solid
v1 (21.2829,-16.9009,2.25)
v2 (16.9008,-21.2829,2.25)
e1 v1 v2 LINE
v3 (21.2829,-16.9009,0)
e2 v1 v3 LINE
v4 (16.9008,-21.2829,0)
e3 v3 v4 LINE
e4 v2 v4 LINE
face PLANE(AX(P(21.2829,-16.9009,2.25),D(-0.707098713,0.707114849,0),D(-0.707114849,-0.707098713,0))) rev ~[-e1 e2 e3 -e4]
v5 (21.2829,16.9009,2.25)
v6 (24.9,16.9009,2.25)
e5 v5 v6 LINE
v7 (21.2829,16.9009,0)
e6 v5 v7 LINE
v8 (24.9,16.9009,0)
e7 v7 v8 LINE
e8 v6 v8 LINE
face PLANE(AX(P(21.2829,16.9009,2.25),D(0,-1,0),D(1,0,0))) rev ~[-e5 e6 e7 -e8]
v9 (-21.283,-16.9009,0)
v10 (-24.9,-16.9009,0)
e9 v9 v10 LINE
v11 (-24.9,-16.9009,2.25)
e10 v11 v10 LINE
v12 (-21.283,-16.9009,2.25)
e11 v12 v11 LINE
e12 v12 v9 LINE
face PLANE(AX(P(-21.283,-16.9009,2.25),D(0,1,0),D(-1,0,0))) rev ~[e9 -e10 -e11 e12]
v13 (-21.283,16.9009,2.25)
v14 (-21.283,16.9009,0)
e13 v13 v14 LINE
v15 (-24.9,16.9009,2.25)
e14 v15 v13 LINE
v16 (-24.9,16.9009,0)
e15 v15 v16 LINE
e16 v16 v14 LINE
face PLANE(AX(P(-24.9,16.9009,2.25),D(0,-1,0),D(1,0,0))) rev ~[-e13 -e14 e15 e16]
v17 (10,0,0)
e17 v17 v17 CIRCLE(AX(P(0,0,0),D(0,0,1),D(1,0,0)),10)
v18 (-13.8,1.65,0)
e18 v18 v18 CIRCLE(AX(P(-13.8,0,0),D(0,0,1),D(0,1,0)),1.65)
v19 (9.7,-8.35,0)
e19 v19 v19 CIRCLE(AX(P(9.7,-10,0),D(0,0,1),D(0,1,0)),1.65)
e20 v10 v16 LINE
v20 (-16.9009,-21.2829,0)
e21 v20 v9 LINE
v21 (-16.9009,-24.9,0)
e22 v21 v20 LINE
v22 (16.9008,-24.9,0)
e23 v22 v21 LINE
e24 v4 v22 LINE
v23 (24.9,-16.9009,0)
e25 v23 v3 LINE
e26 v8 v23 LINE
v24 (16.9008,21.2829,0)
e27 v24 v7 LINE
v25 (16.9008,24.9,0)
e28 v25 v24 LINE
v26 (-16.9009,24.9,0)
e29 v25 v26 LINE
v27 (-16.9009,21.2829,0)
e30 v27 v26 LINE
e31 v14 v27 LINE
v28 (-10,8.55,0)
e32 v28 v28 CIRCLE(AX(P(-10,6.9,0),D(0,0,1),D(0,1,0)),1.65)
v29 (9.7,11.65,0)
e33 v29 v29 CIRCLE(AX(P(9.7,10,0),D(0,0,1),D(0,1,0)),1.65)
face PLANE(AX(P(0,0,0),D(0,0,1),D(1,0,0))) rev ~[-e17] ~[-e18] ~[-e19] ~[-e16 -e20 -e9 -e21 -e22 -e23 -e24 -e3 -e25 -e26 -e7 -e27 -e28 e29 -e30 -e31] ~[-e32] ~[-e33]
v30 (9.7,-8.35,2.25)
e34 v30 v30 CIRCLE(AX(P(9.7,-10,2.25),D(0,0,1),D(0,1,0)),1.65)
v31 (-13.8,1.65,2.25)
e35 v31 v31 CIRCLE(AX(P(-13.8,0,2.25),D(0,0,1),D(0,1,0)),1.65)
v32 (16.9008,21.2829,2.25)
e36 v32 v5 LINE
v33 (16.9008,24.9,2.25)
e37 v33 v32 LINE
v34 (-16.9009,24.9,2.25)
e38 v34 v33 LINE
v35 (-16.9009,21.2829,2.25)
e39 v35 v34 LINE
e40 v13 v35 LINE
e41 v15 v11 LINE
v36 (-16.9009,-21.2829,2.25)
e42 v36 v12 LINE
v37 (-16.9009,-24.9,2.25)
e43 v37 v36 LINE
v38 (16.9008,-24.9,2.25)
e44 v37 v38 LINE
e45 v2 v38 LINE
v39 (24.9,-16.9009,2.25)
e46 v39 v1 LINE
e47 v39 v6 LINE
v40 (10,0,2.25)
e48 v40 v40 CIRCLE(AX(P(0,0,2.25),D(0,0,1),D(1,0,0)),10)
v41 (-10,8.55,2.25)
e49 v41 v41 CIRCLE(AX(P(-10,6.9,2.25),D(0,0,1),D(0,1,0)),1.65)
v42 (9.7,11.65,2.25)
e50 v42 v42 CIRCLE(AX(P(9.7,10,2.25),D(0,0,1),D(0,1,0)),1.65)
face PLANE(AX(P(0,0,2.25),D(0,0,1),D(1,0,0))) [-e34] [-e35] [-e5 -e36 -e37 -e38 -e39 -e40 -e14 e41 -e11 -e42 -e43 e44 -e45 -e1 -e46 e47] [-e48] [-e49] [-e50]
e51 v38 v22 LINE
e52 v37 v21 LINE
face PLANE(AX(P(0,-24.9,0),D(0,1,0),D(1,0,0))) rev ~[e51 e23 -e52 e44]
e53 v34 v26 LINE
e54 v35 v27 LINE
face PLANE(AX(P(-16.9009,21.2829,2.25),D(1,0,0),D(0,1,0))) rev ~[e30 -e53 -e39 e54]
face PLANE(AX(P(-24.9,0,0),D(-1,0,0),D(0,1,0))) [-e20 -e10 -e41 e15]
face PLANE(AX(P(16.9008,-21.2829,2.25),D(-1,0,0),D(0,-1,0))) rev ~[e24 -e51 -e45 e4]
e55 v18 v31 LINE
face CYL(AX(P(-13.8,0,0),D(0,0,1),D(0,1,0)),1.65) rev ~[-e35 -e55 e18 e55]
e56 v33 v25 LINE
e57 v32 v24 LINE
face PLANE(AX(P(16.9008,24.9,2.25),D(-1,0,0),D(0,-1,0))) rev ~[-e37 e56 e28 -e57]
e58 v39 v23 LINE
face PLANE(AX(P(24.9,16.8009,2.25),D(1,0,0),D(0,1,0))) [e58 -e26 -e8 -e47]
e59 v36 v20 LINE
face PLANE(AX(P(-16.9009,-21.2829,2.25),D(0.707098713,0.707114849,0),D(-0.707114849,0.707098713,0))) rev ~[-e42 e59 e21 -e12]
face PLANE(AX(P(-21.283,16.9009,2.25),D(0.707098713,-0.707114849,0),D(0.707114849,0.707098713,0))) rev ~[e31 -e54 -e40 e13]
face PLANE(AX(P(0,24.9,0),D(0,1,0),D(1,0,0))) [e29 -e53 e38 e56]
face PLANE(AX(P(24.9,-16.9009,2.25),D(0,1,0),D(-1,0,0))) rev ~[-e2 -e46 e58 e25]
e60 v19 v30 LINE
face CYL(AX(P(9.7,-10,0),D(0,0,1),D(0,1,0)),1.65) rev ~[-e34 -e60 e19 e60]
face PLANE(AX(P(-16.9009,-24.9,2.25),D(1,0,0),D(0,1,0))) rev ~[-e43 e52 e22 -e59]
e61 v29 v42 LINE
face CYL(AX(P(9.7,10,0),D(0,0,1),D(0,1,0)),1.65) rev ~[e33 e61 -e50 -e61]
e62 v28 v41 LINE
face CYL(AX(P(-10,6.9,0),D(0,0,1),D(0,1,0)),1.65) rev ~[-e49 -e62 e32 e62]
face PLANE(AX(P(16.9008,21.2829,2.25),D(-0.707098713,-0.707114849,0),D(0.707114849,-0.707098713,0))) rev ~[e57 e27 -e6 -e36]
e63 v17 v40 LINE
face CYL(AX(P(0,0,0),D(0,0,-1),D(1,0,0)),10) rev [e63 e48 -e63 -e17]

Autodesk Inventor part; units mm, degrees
ref_plane "YZ Plane" through (0, 0, 0) normal (1, 0, 0) x (0, 1, 0)
ref_plane "Work Plane1" through (-29.1, -14.5, 2.4) normal (0, 0, -1) x (0, 1, 0)
ref_plane "Work Plane2" through (-13.8999, -10.5497, 2.25) normal (0, 0, -1) x (0, 1, 0)
sketch "Sketch1" plane through (0, 0, 0) normal (0, 0, 1) x (1, 0, 0)
  line L0 (-34.86, 0) -> (34.86, 0) construction
  line L1 (0, -34.86) -> (0, 34.86) construction
  line L2 (0, 0) -> (11.1575, 11.1575) construction
  line L3 (0, 0) -> (15.7791, 0) construction
  line L4 (0, 24.9) -> (16.8009, 24.9)
  line L5 (16.8009, 24.9) -> (16.8009, 21.2415)
  line L6 (16.8009, 21.2415) -> (19.0212, 19.0212)
  line L7 (24.9, 0) -> (24.9, 16.8009)
  line L8 (24.9, 16.8009) -> (21.2415, 16.8009)
  line L9 (21.2415, 16.8009) -> (19.0212, 19.0212)
  line L10 (0, -24.9) -> (16.8009, -24.9)
  line L11 (16.8009, -24.9) -> (16.8009, -21.2415)
  line L12 (16.8009, -21.2415) -> (19.0212, -19.0212)
  line L13 (24.9, 0) -> (24.9, -16.8009)
  line L14 (24.9, -16.8009) -> (21.2415, -16.8009)
  line L15 (21.2415, -16.8009) -> (19.0212, -19.0212)
  line L16 (0, 24.9) -> (-16.8009, 24.9)
  line L17 (-16.8009, 24.9) -> (-16.8009, 21.2415)
  line L18 (-16.8009, 21.2415) -> (-19.0212, 19.0212)
  line L19 (-24.9, 16.8009) -> (-21.2415, 16.8009)
  line L20 (-21.2415, 16.8009) -> (-19.0212, 19.0212)
  line L21 (0, -24.9) -> (-16.8009, -24.9)
  line L22 (-16.8009, -24.9) -> (-16.8009, -21.2415)
  line L23 (-16.8009, -21.2415) -> (-19.0212, -19.0212)
  line L24 (-21.2415, -16.8009) -> (-19.0212, -19.0212)
  line L25 (-24.9, -16.8009) -> (-21.2415, -16.8009)
  line L26 (-24.9, 0) -> (-24.9, -16.8009)
  line L27 (-24.9, 0) -> (-24.9, 16.8009)
  circle A0 centre (0, 0) radius 10
  dimension "d0" = 45
  dimension "d2" = 24.9
  dimension "d3" = 3.14
  dimension "d4" = 26.9
  dimension "d5" = 20
extrude "Extrusion1" add sketch "Sketch1" along normal up to surface (2.25 mm away)
sketch "Sketch5" plane through (0, 0, 0) normal (0, 0, -1) x (-1, 0, 0)
  circle A0 centre (-9.7, 10) radius 1.4
  circle A1 centre (-9.7, -10) radius 1.4
  circle A2 centre (13.8, 0) radius 1.4
  circle A3 centre (-10, 6.9) radius 0.75
  circle A4 centre (10, 6.9) radius 1.25
  point P0 (0, 0)
hole "Hole1" at (-13.8, 0, 0) at (9.7, -10, 0) at (-10, 6.9, 0) at (9.7, 10, 0) direction (0, 0, 1) diameter 3.3 depth 12 tip angle 118
sketch "Skizze6" plane through (-16.8009, 24.9, 2.25) normal (0, 0, 1) x (1, 0, 0)
  circle A0 centre (6.8009, -18) radius 1.65 construction
  circle A1 centre (3.0009, -24.9) radius 1.65 construction
  circle A2 centre (26.5009, -34.9) radius 1.65 construction
  circle A3 centre (26.5009, -14.9) radius 1.65 construction
  circle A4 centre (16.8009, -24.9) radius 10 construction
  line L0 (33.6017, -3.6585) -> (33.6017, 0) projected
  line L1 (33.6017, 0) -> (0, 0) construction
  line L2 (0, 0) -> (0, -3.6585) projected
  line L3 (0, -3.6585) -> (-4.4406, -8.0991) projected
  line L4 (-4.4406, -8.0991) -> (-8.0991, -8.0991) projected
  line L5 (-8.0991, -8.0991) -> (-8.0991, -41.7009) construction
  line L6 (-8.0991, -41.7009) -> (-4.4406, -41.7009) projected
  line L7 (-4.4406, -41.7009) -> (0, -46.1415) projected
  line L8 (0, -46.1415) -> (0, -49.8) projected
  line L9 (0, -49.8) -> (33.6017, -49.8) construction
  line L10 (33.6017, -49.8) -> (33.6017, -46.1415) projected
  line L11 (33.6017, -46.1415) -> (38.0423, -41.7009) projected
  line L12 (38.0423, -41.7009) -> (41.7009, -41.7009) projected
  line L13 (41.7009, -41.7009) -> (41.7009, -8.0991) construction
  line L14 (41.7009, -8.0991) -> (38.0423, -8.0991) projected
  line L15 (38.0423, -8.0991) -> (33.6017, -3.6585) projected
  line L16 (-0.1, 0.1) -> (33.7017, 0.1) construction
  line L17 (33.7017, 0.1) -> (33.7017, -3.6171)
  line L18 (33.7017, -3.6171) -> (38.0838, -7.9991)
  line L19 (38.0838, -7.9991) -> (41.8009, -7.9991)
  line L20 (41.8009, -7.9991) -> (41.8009, -41.8009) construction
  line L21 (41.8009, -41.8009) -> (38.0838, -41.8009)
  line L22 (38.0838, -41.8009) -> (33.7017, -46.1829)
  line L23 (33.7017, -46.1829) -> (33.7017, -49.9)
  line L24 (33.7017, -49.9) -> (-0.1, -49.9) construction
  line L25 (-0.1, -49.9) -> (-0.1, -46.1829)
  line L26 (-0.1, -46.1829) -> (-4.4821, -41.8009)
  line L27 (-4.4821, -41.8009) -> (-8.1991, -41.8009)
  line L28 (-8.1991, -41.8009) -> (-8.1991, -7.9991) construction
  line L29 (-8.1991, -7.9991) -> (-4.4821, -7.9991)
  line L30 (-4.4821, -7.9991) -> (-0.1, -3.6171)
  line L31 (-0.1, -3.6171) -> (-0.1, 0.1)
  line L32 (-8.0991, -8.0991) -> (-8.0991, -7.9991)
  line L33 (0, 0) -> (-0.1, 0)
  line L34 (33.6017, 0) -> (33.7017, 0)
  line L35 (41.7009, -8.0991) -> (38.0423, -8.0991) projected
  line L36 (41.7009, -8.0991) -> (41.7009, -7.9991)
  line L37 (41.7009, -41.7009) -> (41.7009, -41.8009)
  line L38 (33.6017, -49.8) -> (33.7017, -49.8)
  line L39 (-8.0991, -41.7009) -> (-8.0991, -41.8009)
  line L40 (0, -49.8) -> (-0.1, -49.8)
  point P0 (16.8009, -24.9)
  dimension "d25" = 0.1
extrude "IM_offset" add sketch "Skizze6" against normal up to surface (2.25 mm away)
properties part number "20_Cube_insert_AlliedVision_Alvium_v3"
